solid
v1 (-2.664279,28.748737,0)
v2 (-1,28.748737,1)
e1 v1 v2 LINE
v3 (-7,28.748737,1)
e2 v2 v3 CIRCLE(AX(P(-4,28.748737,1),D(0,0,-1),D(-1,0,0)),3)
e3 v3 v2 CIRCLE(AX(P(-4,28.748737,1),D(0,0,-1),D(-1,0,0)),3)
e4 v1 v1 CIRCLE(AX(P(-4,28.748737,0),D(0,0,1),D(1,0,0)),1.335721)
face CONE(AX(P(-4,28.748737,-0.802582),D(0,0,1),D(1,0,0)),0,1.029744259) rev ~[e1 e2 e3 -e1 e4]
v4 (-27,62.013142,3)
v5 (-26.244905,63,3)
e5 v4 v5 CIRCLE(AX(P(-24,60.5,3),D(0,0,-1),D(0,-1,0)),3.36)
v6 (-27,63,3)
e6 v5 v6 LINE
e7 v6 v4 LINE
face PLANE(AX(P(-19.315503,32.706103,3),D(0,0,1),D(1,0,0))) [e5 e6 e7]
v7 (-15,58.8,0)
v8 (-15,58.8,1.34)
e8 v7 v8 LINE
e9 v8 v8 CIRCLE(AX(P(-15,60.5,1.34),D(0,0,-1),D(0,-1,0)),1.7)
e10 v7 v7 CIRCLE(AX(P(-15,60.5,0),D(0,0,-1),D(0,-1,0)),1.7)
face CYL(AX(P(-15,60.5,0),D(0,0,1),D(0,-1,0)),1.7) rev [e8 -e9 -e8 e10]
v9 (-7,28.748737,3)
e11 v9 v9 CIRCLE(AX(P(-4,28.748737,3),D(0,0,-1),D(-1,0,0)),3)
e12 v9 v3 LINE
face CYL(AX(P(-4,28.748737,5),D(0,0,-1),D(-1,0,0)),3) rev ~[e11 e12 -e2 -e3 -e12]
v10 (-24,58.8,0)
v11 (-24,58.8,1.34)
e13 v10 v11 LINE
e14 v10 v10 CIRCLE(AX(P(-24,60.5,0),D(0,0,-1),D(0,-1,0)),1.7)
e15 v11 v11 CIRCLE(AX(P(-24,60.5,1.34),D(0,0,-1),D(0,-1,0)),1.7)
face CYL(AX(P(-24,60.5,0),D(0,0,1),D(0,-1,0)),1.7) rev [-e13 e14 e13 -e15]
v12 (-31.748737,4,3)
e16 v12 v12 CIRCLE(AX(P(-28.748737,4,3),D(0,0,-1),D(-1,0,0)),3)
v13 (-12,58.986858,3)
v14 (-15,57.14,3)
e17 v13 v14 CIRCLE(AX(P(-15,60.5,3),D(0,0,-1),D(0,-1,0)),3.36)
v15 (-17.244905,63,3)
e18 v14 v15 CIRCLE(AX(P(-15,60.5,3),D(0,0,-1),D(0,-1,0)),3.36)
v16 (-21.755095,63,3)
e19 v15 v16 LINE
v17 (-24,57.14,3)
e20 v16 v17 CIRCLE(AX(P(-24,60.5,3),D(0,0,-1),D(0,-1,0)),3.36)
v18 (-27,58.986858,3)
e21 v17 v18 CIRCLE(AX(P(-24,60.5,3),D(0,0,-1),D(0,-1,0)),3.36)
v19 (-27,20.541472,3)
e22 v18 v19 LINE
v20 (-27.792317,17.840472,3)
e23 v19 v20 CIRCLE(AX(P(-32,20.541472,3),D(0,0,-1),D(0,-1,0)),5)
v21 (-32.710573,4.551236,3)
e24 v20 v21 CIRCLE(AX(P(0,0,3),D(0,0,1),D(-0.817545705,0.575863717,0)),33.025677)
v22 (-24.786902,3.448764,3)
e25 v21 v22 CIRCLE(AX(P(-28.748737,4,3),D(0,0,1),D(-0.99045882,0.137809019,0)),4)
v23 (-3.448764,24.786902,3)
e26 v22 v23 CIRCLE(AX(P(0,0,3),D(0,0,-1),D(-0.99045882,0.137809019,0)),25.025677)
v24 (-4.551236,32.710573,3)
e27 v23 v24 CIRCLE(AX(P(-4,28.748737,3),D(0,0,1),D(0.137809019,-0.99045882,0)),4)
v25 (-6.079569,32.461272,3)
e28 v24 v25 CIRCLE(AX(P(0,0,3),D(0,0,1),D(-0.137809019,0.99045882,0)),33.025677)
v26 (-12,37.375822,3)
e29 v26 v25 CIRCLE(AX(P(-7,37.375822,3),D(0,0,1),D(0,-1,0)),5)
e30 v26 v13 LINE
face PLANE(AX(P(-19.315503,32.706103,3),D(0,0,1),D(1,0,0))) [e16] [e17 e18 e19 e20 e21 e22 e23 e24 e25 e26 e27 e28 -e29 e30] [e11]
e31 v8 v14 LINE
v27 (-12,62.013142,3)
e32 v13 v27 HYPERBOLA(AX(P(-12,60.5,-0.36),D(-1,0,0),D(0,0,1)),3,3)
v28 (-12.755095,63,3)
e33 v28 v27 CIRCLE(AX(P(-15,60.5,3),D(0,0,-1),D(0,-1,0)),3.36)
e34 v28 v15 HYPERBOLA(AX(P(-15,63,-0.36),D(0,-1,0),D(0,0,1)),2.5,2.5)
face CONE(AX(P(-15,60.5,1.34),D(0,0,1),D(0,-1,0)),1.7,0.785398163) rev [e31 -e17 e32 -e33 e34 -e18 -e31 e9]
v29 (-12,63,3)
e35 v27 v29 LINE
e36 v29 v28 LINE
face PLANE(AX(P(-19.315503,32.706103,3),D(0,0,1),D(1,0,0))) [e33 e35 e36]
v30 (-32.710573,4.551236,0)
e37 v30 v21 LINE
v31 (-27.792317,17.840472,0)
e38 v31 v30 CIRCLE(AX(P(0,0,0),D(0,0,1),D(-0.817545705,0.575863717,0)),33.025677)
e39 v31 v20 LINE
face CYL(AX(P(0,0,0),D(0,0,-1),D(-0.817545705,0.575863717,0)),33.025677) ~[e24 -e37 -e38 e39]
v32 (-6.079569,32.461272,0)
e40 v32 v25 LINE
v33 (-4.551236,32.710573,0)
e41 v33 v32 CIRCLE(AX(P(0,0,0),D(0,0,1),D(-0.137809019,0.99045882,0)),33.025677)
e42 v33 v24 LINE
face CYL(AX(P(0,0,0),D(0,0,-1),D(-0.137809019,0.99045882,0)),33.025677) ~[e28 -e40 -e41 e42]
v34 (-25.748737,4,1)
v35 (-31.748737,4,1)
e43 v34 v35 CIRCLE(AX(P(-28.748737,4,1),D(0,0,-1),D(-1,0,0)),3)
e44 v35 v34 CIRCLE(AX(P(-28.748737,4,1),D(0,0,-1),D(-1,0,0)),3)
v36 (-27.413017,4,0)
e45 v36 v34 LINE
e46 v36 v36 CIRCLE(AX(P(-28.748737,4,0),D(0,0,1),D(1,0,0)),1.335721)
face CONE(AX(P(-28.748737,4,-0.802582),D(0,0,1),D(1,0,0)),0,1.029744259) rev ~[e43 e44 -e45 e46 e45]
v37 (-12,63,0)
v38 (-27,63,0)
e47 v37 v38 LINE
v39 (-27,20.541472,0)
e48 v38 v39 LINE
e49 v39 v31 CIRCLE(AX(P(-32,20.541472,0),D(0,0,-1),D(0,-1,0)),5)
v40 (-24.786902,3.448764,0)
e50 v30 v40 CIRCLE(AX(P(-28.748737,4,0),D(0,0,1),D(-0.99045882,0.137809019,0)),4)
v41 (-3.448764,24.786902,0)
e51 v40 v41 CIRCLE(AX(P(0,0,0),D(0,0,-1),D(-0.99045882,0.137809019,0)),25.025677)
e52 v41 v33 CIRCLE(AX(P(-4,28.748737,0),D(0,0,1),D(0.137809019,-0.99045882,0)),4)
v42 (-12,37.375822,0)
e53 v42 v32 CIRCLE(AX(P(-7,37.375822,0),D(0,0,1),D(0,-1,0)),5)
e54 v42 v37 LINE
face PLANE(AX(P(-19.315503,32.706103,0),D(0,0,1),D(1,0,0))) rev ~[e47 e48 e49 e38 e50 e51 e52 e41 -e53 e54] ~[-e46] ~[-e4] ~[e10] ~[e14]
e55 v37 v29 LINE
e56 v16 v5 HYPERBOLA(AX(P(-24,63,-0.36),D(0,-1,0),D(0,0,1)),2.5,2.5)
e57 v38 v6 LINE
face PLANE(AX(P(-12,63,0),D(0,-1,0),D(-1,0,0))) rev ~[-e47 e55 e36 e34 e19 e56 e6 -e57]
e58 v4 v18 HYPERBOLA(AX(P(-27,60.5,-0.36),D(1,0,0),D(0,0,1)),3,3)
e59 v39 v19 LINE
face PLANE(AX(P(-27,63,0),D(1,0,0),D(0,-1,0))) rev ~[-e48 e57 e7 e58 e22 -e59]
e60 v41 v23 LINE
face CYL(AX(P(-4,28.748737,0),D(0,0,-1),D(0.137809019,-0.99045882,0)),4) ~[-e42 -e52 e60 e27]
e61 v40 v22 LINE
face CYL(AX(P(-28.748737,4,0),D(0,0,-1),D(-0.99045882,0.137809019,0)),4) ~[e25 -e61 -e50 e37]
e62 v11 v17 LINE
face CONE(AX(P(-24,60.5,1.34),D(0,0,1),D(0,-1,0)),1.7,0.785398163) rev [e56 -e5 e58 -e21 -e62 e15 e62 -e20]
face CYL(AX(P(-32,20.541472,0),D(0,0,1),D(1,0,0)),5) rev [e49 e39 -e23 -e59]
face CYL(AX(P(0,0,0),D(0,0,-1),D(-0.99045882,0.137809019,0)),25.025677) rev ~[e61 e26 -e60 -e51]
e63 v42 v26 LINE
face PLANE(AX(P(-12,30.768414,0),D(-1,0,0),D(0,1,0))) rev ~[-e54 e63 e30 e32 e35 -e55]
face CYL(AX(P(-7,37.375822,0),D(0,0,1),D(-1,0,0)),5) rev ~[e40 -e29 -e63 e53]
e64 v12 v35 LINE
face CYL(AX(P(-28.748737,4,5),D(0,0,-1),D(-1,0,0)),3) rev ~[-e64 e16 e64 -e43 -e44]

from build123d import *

# Parameters (mm, degrees)
RESSALTO_EXTRUS_O2_DEPTH                  = 3
BROCA_DE_ROSQUEAR_PARA_TARRAXA_DE_M2_51_D = 2.05
FURO_DE_DI_METRO_6_0_6_2_D                = 6
FURO_DE_DI_METRO_6_0_6_2_DEPTH            = 2
FURO_DE_DI_METRO_6_0_6_2_TIP              = 1.802581857
ESCAREADO_PARA_SFHCS_M31_AT_2_COUNT       = 2
ESCAREADO_PARA_SFHCS_M31_AT_2_PITCH       = 9
FILETE1_R                                 = 5


with BuildPart() as part:
    # Esboço1 → Ressalto-extrusão2 (new body)
    with BuildSketch(Plane.XY):
        with BuildLine():
            Line((-12, 30.768414179), (-12, 63))
            Line((-12, 63), (-27, 63))
            Line((-27, 63), (-27, 19.018288858))
            ThreePointArc((-27, 19.018288858), (-30.719082421, 12.125728279), (-32.710572622, 4.551236075))
            ThreePointArc((-32.710572622, 4.551236075), (-29.299973416, 0.038164719), (-24.786902061, 3.448763925))
            ThreePointArc((-24.786902061, 3.448763925), (-17.695825587, 17.695825587), (-3.448763925, 24.786902061))
            ThreePointArc((-3.448763925, 24.786902061), (-0.038164719, 29.299973416), (-4.551236075, 32.710572622))
            ThreePointArc((-4.551236075, 32.710572622), (-8.332397539, 31.957259931), (-12, 30.768414179))
        make_face()
    extrude(amount=RESSALTO_EXTRUS_O2_DEPTH)

    # Broca de rosquear para tarraxa de M2.51 (through all)
    with Locations(Plane.XY.offset(3)):
        with Locations((-28.748737342, 4), (-4, 28.748737342)):
            Hole(BROCA_DE_ROSQUEAR_PARA_TARRAXA_DE_M2_51_D / 2)

    # Furo de diâmetro Ø6.0 (6)2
    with Locations(Plane.XY.offset(3)):
        with Locations((-28.748737342, 4), (-4, 28.748737342)):
            Hole(FURO_DE_DI_METRO_6_0_6_2_D / 2, depth=FURO_DE_DI_METRO_6_0_6_2_DEPTH)
            with Locations((0, 0, -(FURO_DE_DI_METRO_6_0_6_2_DEPTH + FURO_DE_DI_METRO_6_0_6_2_TIP / 2))):  # 118° drill point
                Cone(0, FURO_DE_DI_METRO_6_0_6_2_D / 2, FURO_DE_DI_METRO_6_0_6_2_TIP, mode=Mode.SUBTRACT)

    # Esboço13 → Escareado para SFHCS M31 (revolve, cut)
    with BuildSketch(Plane(origin=(-24, 60.5, 3), x_dir=(0, -1, 0), z_dir=(1, 0, 0))):
        Polygon((0, 0), (0, 3), (1.7, 3), (1.7, 1.66), (3.36, 0), align=None)
    escareado_para_sfhcs_m31 = revolve(axis=Axis((-24, 60.5, 9.35), (0, 0, -1)), mode=Mode.SUBTRACT)

    # Escareado para SFHCS M31 at 2: Escareado para SFHCS M31 ×2
    with Locations(*[(i * ESCAREADO_PARA_SFHCS_M31_AT_2_PITCH, 0, 0) for i in range(1, ESCAREADO_PARA_SFHCS_M31_AT_2_COUNT)]):
        add(escareado_para_sfhcs_m31, mode=Mode.SUBTRACT)

    # Filete1
    filete1_edges = [part.edges().sort_by_distance(p)[0] for p in [
        (-27, 19.018288858, 1.5),
        (-12, 30.768414179, 1.5),
    ]]
    fillet(filete1_edges, radius=FILETE1_R)


solid = part.part
